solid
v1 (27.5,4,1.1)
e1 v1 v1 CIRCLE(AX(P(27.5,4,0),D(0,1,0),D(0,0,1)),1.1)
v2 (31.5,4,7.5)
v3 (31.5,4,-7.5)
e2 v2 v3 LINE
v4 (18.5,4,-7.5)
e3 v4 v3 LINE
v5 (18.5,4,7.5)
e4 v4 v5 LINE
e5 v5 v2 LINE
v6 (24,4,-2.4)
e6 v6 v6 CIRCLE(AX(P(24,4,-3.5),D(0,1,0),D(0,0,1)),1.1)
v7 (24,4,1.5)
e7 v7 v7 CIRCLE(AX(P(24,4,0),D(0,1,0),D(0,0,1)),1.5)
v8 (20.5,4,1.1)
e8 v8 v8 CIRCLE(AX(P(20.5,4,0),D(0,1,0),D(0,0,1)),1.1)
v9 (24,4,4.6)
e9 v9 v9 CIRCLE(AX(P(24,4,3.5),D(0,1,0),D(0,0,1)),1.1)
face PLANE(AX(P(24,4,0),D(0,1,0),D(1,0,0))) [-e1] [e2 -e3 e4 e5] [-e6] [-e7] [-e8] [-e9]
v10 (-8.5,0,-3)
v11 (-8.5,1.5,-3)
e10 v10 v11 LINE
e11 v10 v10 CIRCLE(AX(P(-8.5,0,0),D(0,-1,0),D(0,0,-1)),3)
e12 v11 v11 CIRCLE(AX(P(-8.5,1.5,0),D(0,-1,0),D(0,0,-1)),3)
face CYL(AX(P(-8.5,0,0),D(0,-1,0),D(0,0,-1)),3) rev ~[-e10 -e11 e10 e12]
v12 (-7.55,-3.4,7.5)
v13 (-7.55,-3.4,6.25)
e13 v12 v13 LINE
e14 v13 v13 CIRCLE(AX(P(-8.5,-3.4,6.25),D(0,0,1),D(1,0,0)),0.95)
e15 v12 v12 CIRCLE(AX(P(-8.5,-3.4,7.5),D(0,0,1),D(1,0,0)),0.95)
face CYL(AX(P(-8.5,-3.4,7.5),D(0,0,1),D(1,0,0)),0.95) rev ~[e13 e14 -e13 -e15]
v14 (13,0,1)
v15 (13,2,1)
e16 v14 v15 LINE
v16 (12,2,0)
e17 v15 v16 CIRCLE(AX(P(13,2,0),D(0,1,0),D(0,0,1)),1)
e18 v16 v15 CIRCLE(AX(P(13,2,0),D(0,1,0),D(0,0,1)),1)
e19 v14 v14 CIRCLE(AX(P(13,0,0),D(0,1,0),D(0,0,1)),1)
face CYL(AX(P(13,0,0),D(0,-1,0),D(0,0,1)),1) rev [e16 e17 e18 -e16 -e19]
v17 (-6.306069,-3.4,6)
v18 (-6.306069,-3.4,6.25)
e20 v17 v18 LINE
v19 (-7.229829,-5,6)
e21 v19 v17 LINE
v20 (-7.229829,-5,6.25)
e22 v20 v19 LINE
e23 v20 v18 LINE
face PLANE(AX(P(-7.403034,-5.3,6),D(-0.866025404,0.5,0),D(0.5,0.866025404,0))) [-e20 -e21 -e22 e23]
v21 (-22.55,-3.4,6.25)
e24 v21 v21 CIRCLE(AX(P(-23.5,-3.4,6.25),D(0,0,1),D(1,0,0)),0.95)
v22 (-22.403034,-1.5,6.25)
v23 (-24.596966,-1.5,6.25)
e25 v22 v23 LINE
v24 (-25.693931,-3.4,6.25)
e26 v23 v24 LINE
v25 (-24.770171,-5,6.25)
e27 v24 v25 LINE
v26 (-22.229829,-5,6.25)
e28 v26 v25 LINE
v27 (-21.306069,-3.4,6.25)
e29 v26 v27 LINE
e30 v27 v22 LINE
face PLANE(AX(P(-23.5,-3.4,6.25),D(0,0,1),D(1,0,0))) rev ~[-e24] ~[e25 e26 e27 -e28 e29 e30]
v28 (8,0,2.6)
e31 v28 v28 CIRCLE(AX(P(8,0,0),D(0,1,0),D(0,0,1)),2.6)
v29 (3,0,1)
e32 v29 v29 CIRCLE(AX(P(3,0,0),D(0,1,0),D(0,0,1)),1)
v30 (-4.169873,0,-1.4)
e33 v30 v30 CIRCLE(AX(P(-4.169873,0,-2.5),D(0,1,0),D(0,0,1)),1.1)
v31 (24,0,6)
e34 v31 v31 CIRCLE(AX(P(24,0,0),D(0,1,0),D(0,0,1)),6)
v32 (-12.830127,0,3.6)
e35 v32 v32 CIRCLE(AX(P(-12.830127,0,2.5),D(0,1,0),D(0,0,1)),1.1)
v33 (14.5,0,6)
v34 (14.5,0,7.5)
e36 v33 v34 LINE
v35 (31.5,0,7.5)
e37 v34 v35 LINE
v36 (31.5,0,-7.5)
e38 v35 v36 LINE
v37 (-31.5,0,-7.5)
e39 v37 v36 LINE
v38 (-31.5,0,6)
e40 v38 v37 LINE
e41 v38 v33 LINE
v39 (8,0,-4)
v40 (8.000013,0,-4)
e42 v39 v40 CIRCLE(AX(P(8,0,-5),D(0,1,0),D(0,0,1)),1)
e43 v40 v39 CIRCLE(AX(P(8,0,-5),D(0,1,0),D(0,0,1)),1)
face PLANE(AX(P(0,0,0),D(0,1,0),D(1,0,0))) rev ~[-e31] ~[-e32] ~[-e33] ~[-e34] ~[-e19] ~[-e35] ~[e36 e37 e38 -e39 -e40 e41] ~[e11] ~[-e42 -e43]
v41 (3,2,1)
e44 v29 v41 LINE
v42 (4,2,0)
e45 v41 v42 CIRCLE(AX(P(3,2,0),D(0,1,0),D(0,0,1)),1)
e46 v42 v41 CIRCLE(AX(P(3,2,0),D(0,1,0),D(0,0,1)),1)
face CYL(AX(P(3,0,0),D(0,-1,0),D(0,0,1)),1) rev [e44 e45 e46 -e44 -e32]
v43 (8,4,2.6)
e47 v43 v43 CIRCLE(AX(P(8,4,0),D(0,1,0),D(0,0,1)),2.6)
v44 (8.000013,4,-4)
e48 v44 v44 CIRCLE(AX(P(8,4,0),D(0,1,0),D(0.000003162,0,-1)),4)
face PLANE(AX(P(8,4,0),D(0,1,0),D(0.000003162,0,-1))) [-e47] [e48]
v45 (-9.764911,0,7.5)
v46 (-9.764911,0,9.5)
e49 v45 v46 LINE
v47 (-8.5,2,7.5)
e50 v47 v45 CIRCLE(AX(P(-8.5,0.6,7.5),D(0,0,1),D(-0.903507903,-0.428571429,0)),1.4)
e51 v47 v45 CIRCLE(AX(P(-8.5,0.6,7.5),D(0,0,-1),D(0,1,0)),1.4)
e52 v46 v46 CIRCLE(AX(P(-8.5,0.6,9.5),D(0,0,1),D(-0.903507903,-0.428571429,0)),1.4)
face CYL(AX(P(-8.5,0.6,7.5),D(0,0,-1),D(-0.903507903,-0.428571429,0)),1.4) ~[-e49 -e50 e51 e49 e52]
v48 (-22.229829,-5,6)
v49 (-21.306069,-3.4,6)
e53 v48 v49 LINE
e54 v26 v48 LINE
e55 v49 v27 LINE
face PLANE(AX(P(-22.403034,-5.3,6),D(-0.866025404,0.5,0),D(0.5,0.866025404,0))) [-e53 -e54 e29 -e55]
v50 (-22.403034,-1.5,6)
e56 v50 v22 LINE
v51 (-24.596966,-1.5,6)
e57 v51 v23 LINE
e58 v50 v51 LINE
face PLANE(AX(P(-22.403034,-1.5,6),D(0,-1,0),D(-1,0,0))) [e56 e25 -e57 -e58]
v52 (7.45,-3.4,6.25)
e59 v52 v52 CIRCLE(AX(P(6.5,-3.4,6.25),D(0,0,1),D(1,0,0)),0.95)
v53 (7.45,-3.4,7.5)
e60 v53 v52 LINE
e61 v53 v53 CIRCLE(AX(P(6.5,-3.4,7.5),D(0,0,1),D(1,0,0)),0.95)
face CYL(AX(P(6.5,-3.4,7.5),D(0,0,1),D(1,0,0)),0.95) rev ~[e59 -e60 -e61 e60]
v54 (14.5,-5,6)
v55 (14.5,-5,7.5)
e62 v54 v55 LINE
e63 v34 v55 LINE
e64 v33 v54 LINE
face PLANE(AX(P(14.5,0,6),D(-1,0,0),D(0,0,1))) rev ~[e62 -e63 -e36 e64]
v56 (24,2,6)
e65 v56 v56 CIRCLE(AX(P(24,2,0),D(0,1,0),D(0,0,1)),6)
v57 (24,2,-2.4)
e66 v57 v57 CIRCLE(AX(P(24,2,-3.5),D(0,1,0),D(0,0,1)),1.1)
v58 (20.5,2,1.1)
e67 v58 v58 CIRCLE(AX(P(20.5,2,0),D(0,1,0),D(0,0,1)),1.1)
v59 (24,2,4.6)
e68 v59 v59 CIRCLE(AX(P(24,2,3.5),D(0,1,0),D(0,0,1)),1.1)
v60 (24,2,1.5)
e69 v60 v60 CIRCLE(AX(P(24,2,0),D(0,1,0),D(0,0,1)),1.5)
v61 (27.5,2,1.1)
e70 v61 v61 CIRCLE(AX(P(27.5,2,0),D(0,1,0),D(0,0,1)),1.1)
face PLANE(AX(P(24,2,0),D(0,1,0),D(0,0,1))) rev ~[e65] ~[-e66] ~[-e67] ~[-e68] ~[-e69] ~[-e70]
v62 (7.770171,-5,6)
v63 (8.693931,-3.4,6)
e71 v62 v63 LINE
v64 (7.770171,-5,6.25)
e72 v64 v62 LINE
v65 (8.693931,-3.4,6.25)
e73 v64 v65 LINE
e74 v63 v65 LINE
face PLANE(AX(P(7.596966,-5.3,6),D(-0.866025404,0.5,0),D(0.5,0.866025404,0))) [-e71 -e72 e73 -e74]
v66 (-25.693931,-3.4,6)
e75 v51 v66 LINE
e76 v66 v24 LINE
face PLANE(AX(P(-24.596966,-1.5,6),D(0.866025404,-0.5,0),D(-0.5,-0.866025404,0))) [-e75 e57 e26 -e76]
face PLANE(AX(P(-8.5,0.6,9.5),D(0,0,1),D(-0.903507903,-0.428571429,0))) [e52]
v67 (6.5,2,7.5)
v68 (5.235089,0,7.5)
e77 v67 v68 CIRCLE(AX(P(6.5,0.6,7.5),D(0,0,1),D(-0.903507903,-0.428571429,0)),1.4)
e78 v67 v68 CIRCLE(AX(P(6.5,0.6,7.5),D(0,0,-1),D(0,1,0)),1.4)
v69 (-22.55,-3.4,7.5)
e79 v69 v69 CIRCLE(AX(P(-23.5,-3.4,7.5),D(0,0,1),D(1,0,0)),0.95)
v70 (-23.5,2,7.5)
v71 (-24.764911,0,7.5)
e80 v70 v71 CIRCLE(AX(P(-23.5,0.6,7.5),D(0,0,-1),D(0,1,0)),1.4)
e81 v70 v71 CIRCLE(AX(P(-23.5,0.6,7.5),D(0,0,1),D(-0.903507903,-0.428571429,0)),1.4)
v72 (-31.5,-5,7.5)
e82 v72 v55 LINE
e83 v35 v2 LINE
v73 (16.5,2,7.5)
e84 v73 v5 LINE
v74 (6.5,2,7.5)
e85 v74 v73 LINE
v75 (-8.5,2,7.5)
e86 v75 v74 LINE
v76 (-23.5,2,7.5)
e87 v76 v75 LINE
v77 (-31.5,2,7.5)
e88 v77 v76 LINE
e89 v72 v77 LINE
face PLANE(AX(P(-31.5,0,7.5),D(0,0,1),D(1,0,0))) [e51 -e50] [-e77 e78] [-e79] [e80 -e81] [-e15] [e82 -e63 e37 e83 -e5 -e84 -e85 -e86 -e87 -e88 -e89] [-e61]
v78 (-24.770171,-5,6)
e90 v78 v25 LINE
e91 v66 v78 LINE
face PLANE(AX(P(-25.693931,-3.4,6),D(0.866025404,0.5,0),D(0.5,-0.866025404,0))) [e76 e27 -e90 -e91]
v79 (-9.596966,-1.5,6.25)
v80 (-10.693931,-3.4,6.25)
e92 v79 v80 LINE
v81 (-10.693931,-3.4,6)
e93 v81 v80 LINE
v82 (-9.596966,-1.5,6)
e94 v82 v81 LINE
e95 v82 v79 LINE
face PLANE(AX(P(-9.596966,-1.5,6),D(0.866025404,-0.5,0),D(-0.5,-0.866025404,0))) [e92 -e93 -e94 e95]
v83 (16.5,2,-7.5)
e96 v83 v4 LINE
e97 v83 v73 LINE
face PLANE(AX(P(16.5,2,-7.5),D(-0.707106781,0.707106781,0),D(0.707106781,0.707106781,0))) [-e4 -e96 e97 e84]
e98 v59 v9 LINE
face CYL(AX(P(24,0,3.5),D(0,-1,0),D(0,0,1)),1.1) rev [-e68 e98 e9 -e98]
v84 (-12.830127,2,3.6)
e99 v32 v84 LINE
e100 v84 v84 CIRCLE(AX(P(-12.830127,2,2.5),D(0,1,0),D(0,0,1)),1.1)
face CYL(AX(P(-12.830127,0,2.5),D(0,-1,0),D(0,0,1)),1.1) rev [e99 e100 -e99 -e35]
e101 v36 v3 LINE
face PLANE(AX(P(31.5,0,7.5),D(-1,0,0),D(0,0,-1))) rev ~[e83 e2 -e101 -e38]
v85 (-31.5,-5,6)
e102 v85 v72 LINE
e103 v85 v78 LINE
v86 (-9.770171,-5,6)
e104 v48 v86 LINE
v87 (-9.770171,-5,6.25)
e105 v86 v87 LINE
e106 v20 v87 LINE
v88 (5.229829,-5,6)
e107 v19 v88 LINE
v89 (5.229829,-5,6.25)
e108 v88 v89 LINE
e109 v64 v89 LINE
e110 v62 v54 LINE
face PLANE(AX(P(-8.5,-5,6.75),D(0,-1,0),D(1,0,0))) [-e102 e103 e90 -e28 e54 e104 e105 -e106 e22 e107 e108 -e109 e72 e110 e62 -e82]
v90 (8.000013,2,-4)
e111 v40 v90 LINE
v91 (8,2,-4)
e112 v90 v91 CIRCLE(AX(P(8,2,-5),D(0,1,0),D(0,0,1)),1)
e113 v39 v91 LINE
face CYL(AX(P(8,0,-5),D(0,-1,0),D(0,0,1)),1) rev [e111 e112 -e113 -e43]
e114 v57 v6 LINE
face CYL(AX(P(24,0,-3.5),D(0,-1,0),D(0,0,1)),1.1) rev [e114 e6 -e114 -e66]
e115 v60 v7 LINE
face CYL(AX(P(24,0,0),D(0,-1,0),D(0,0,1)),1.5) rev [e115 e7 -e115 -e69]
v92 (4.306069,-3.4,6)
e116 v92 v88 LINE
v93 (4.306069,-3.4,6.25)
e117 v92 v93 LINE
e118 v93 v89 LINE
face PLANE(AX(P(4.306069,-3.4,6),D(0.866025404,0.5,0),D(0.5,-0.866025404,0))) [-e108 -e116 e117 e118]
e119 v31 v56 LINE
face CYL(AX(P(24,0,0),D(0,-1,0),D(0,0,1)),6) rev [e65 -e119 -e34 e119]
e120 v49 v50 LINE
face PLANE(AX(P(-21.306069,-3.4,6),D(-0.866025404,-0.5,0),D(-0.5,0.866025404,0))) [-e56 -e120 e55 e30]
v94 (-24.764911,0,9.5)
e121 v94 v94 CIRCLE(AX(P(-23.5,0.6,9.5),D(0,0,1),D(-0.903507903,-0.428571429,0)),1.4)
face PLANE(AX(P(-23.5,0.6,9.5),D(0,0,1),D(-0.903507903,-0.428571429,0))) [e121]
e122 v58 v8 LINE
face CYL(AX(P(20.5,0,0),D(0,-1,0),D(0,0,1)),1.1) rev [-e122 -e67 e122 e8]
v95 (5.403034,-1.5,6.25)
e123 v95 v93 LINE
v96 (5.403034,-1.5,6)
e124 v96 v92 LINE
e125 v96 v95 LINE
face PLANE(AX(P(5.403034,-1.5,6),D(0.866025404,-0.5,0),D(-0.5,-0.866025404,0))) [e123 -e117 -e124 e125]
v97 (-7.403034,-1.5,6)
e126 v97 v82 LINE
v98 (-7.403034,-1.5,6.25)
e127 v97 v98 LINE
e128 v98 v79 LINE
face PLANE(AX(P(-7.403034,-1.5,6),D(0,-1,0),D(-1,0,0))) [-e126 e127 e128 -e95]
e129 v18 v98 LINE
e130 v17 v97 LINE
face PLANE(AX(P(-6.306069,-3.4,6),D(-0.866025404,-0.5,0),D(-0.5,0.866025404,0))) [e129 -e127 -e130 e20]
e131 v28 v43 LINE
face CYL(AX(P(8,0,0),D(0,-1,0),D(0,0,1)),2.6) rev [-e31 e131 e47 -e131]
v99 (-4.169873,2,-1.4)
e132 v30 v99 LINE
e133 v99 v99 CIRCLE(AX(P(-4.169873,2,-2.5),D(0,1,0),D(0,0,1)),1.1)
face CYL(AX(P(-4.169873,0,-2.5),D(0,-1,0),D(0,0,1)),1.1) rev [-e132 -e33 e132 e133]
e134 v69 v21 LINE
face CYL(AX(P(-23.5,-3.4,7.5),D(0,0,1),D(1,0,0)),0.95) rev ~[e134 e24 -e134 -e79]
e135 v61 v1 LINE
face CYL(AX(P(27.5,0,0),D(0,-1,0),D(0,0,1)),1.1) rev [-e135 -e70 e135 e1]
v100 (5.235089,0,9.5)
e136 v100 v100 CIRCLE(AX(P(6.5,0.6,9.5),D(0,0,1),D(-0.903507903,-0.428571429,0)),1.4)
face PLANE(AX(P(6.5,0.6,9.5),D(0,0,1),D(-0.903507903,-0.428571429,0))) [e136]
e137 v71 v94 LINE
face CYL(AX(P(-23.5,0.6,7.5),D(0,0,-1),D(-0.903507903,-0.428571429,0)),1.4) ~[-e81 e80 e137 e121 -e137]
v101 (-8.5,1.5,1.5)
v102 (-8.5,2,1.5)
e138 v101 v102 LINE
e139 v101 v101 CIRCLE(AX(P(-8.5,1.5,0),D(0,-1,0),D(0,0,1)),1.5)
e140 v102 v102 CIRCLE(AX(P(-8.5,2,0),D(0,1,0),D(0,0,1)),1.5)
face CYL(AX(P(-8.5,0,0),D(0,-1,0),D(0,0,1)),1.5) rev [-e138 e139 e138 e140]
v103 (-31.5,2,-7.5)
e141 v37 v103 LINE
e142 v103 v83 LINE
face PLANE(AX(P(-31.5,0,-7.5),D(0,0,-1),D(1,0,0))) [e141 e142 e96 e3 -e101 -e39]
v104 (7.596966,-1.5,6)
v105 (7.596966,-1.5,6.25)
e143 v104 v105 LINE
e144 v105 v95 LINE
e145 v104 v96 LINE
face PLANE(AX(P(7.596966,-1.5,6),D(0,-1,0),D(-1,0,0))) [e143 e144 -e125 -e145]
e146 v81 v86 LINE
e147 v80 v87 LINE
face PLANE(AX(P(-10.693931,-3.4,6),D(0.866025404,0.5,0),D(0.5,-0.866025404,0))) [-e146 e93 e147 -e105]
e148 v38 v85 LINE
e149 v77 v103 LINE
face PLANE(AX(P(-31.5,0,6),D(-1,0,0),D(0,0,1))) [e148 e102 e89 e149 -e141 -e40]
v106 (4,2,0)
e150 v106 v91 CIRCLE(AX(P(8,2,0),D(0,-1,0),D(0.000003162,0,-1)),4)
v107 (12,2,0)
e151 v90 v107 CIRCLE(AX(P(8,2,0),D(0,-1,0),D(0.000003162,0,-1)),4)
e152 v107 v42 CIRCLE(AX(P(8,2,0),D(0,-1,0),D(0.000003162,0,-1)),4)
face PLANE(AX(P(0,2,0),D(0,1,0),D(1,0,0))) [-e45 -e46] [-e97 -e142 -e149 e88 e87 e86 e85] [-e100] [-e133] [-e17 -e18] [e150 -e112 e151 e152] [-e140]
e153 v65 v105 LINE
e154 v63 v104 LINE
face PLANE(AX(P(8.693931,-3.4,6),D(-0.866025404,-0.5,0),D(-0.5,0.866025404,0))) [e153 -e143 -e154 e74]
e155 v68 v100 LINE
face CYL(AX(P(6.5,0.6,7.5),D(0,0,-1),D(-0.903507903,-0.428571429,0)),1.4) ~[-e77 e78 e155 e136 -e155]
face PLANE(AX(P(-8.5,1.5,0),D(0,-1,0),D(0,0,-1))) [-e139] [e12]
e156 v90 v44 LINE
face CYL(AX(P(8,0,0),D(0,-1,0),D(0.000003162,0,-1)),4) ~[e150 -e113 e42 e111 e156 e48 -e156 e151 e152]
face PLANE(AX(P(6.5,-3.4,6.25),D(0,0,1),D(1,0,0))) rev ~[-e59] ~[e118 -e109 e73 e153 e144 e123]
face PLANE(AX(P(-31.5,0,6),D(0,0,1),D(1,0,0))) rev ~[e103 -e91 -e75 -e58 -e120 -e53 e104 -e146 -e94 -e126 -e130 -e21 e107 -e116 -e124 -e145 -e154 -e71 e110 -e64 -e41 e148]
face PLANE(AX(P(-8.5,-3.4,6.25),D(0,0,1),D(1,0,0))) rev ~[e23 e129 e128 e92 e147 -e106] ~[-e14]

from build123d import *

# Parameters (mm, degrees)
SKETCH_1_W          = 63
SKETCH_1_H          = 15
SKETCH_1_R          = 1.1
SKETCH_1_R_2        = 1
SKETCH_1_R_3        = 1.5
SKETCH_1_R_4        = 2.6
EXTRUDE_1_DEPTH     = 2
SKETCH_2_R          = 1.4
EXTRUDE_2_DEPTH     = 2
SKETCH_3_R          = 3
CUT_EXTRUDE_1_DEPTH = 1.5
SKETCH_4_W          = 46
SKETCH_4_H          = 1.5
EXTRUDE_3_DEPTH     = 5
SKETCH_2_3_R        = 0.95
CUT_EXTRUDE_2_DEPTH = 1.5
CUT_EXTRUDE_3_DEPTH = 0.25
SKETCH_1_7_W        = 15
SKETCH_1_7_H        = 15
SKETCH_1_7_R        = 1.5
SKETCH_1_7_R_2      = 1.1
EXTRUDE_4_DEPTH     = 4
SKETCH_1_8_R        = 6
SKETCH_1_8_R_2      = 1.5
SKETCH_1_8_R_3      = 1.1
CUT_EXTRUDE_4_DEPTH = 2
CUT_EXTRUDE_5_DEPTH = 15
SKETCH_1_9_R        = 4
SKETCH_1_9_R_2      = 2.6
EXTRUDE_5_DEPTH     = 4


with BuildPart() as part:
    # 草图1 → 凸台-拉伸1 (new body)
    with BuildSketch(Plane(origin=(0, 0, 0), x_dir=(1, 0, 0), z_dir=(0, 1, 0))):
        Rectangle(SKETCH_1_W, SKETCH_1_H)
        with Locations(Location((-12.830127019, -2.5, 0), (0, 0, 270))):
            Circle(SKETCH_1_R, mode=Mode.SUBTRACT)
        with Locations(Location((3, 0, 0), (0, 0, 270))):
            Circle(SKETCH_1_R_2, mode=Mode.SUBTRACT)
        with Locations(Location((13, 0, 0), (0, 0, 270))):
            Circle(SKETCH_1_R_2, mode=Mode.SUBTRACT)
        with Locations(Location((-8.5, 0, 0), (0, 0, 270))):
            Circle(SKETCH_1_R_3, mode=Mode.SUBTRACT)
        with Locations(Location((-4.169872981, 2.5, 0), (0, 0, 270))):
            Circle(SKETCH_1_R, mode=Mode.SUBTRACT)
        with Locations(Location((8, 5, 0), (0, 0, 270))):
            Circle(SKETCH_1_R_2, mode=Mode.SUBTRACT)
        with Locations(Location((8, 0, 0), (0, 0, 270))):
            Circle(SKETCH_1_R_4, mode=Mode.SUBTRACT)
        with Locations(Location((24, 3.5, 0), (0, 0, 270))):
            Circle(SKETCH_1_R, mode=Mode.SUBTRACT)
        with Locations(Location((24, -3.5, 0), (0, 0, 270))):
            Circle(SKETCH_1_R, mode=Mode.SUBTRACT)
        with Locations(Location((20.5, 0, 0), (0, 0, 270))):
            Circle(SKETCH_1_R, mode=Mode.SUBTRACT)
        with Locations(Location((24, 0, 0), (0, 0, 270))):
            Circle(SKETCH_1_R_3, mode=Mode.SUBTRACT)
        with Locations(Location((27.5, 0, 0), (0, 0, 270))):
            Circle(SKETCH_1_R, mode=Mode.SUBTRACT)
    extrude(amount=EXTRUDE_1_DEPTH)

    # 草图2 → 凸台-拉伸2 (add)
    with BuildSketch(Plane.XY.offset(7.5)):
        with Locations(Location((-23.5, 0.6, 0), (0, 0, 205.376933525))):
            Circle(SKETCH_2_R)
        with Locations(Location((-8.5, 0.6, 0), (0, 0, 205.376933525))):
            Circle(SKETCH_2_R)
        with Locations(Location((6.5, 0.6, 0), (0, 0, 205.376933525))):
            Circle(SKETCH_2_R)
    extrude(amount=EXTRUDE_2_DEPTH)

    # 草图3 → 切除-拉伸1 (cut)
    with BuildSketch(Plane.XZ):
        with Locations(Location((-8.5, 0, 0), (0, 0, 270))):
            Circle(SKETCH_3_R)
    extrude(amount=-CUT_EXTRUDE_1_DEPTH, mode=Mode.SUBTRACT)

    # 草图4 → 凸台-拉伸3 (add)
    with BuildSketch(Plane.XZ):
        with Locations((-8.5, 6.75)):
            Rectangle(SKETCH_4_W, SKETCH_4_H)
    extrude(amount=EXTRUDE_3_DEPTH)

    # 草图2<3> → 切除-拉伸2 (cut)
    with BuildSketch(Plane.XY.offset(7.5)):
        with Locations((-23.5, -3.4)):
            Circle(SKETCH_2_3_R)
        with Locations((-8.5, -3.4)):
            Circle(SKETCH_2_3_R)
        with Locations((6.5, -3.4)):
            Circle(SKETCH_2_3_R)
    extrude(amount=-CUT_EXTRUDE_2_DEPTH, mode=Mode.SUBTRACT)

    # 草图5 → 切除-拉伸3 (cut)
    with BuildSketch(Plane(origin=(0, 0, 6), x_dir=(-1, 0, 0), z_dir=(0, 0, -1))):
        Polygon((22.403034489, -1.5), (24.596965511, -1.5), (25.693931023, -3.4), (24.596965511, -5.3), (22.403034489, -5.3), (21.306068977, -3.4), align=None)
        Polygon((6.306068977, -3.4), (7.403034489, -1.5), (9.596965511, -1.5), (10.693931023, -3.4), (9.596965511, -5.3), (7.403034489, -5.3), align=None)
        Polygon((-8.693931023, -3.4), (-7.596965511, -1.5), (-5.403034489, -1.5), (-4.306068977, -3.4), (-5.403034489, -5.3), (-7.596965511, -5.3), align=None)
    extrude(amount=-CUT_EXTRUDE_3_DEPTH, mode=Mode.SUBTRACT)

    # 草图1<7> → 凸台-拉伸4 (add)
    with BuildSketch(Plane(origin=(0, 0, 0), x_dir=(1, 0, 0), z_dir=(0, 1, 0))):
        with Locations((24, 0)):
            Rectangle(SKETCH_1_7_W, SKETCH_1_7_H)
        with Locations(Location((24, 0, 0), (0, 0, 270))):
            Circle(SKETCH_1_7_R, mode=Mode.SUBTRACT)
        with Locations(Location((27.5, 0, 0), (0, 0, 270))):
            Circle(SKETCH_1_7_R_2, mode=Mode.SUBTRACT)
        with Locations(Location((24, -3.5, 0), (0, 0, 270))):
            Circle(SKETCH_1_7_R_2, mode=Mode.SUBTRACT)
        with Locations(Location((20.5, 0, 0), (0, 0, 270))):
            Circle(SKETCH_1_7_R_2, mode=Mode.SUBTRACT)
        with Locations(Location((24, 3.5, 0), (0, 0, 270))):
            Circle(SKETCH_1_7_R_2, mode=Mode.SUBTRACT)
    extrude(amount=EXTRUDE_4_DEPTH)

    # 草图1<8> → 切除-拉伸4 (cut)
    with BuildSketch(Plane(origin=(0, 0, 0), x_dir=(1, 0, 0), z_dir=(0, 1, 0))):
        with Locations(Location((24, 0, 0), (0, 0, 270))):
            Circle(SKETCH_1_8_R)
        with Locations(Location((24, 0, 0), (0, 0, 270))):
            Circle(SKETCH_1_8_R_2, mode=Mode.SUBTRACT)
        with Locations(Location((27.5, 0, 0), (0, 0, 270))):
            Circle(SKETCH_1_8_R_3, mode=Mode.SUBTRACT)
        with Locations(Location((24, -3.5, 0), (0, 0, 270))):
            Circle(SKETCH_1_8_R_3, mode=Mode.SUBTRACT)
        with Locations(Location((20.5, 0, 0), (0, 0, 270))):
            Circle(SKETCH_1_8_R_3, mode=Mode.SUBTRACT)
        with Locations(Location((24, 3.5, 0), (0, 0, 270))):
            Circle(SKETCH_1_8_R_3, mode=Mode.SUBTRACT)
    extrude(amount=CUT_EXTRUDE_4_DEPTH, mode=Mode.SUBTRACT)

    # 草图6 → 切除-拉伸5 (cut)
    with BuildSketch(Plane(origin=(0, 0, -7.5), x_dir=(-1, 0, 0), z_dir=(0, 0, -1))):
        Polygon((-16.5, 2), (-18.5, 4), (-16.5, 4), align=None)
    extrude(amount=-CUT_EXTRUDE_5_DEPTH, mode=Mode.SUBTRACT)

    # 草图1<9> → 凸台-拉伸5 (add)
    with BuildSketch(Plane(origin=(0, 0, 0), x_dir=(1, 0, 0), z_dir=(0, 1, 0))):
        with Locations(Location((8, 0, 0), (0, 0, 89.999818815))):
            Circle(SKETCH_1_9_R)
        with Locations(Location((8, 0, 0), (0, 0, 270))):
            Circle(SKETCH_1_9_R_2, mode=Mode.SUBTRACT)
    extrude(amount=EXTRUDE_5_DEPTH)


solid = part.part
